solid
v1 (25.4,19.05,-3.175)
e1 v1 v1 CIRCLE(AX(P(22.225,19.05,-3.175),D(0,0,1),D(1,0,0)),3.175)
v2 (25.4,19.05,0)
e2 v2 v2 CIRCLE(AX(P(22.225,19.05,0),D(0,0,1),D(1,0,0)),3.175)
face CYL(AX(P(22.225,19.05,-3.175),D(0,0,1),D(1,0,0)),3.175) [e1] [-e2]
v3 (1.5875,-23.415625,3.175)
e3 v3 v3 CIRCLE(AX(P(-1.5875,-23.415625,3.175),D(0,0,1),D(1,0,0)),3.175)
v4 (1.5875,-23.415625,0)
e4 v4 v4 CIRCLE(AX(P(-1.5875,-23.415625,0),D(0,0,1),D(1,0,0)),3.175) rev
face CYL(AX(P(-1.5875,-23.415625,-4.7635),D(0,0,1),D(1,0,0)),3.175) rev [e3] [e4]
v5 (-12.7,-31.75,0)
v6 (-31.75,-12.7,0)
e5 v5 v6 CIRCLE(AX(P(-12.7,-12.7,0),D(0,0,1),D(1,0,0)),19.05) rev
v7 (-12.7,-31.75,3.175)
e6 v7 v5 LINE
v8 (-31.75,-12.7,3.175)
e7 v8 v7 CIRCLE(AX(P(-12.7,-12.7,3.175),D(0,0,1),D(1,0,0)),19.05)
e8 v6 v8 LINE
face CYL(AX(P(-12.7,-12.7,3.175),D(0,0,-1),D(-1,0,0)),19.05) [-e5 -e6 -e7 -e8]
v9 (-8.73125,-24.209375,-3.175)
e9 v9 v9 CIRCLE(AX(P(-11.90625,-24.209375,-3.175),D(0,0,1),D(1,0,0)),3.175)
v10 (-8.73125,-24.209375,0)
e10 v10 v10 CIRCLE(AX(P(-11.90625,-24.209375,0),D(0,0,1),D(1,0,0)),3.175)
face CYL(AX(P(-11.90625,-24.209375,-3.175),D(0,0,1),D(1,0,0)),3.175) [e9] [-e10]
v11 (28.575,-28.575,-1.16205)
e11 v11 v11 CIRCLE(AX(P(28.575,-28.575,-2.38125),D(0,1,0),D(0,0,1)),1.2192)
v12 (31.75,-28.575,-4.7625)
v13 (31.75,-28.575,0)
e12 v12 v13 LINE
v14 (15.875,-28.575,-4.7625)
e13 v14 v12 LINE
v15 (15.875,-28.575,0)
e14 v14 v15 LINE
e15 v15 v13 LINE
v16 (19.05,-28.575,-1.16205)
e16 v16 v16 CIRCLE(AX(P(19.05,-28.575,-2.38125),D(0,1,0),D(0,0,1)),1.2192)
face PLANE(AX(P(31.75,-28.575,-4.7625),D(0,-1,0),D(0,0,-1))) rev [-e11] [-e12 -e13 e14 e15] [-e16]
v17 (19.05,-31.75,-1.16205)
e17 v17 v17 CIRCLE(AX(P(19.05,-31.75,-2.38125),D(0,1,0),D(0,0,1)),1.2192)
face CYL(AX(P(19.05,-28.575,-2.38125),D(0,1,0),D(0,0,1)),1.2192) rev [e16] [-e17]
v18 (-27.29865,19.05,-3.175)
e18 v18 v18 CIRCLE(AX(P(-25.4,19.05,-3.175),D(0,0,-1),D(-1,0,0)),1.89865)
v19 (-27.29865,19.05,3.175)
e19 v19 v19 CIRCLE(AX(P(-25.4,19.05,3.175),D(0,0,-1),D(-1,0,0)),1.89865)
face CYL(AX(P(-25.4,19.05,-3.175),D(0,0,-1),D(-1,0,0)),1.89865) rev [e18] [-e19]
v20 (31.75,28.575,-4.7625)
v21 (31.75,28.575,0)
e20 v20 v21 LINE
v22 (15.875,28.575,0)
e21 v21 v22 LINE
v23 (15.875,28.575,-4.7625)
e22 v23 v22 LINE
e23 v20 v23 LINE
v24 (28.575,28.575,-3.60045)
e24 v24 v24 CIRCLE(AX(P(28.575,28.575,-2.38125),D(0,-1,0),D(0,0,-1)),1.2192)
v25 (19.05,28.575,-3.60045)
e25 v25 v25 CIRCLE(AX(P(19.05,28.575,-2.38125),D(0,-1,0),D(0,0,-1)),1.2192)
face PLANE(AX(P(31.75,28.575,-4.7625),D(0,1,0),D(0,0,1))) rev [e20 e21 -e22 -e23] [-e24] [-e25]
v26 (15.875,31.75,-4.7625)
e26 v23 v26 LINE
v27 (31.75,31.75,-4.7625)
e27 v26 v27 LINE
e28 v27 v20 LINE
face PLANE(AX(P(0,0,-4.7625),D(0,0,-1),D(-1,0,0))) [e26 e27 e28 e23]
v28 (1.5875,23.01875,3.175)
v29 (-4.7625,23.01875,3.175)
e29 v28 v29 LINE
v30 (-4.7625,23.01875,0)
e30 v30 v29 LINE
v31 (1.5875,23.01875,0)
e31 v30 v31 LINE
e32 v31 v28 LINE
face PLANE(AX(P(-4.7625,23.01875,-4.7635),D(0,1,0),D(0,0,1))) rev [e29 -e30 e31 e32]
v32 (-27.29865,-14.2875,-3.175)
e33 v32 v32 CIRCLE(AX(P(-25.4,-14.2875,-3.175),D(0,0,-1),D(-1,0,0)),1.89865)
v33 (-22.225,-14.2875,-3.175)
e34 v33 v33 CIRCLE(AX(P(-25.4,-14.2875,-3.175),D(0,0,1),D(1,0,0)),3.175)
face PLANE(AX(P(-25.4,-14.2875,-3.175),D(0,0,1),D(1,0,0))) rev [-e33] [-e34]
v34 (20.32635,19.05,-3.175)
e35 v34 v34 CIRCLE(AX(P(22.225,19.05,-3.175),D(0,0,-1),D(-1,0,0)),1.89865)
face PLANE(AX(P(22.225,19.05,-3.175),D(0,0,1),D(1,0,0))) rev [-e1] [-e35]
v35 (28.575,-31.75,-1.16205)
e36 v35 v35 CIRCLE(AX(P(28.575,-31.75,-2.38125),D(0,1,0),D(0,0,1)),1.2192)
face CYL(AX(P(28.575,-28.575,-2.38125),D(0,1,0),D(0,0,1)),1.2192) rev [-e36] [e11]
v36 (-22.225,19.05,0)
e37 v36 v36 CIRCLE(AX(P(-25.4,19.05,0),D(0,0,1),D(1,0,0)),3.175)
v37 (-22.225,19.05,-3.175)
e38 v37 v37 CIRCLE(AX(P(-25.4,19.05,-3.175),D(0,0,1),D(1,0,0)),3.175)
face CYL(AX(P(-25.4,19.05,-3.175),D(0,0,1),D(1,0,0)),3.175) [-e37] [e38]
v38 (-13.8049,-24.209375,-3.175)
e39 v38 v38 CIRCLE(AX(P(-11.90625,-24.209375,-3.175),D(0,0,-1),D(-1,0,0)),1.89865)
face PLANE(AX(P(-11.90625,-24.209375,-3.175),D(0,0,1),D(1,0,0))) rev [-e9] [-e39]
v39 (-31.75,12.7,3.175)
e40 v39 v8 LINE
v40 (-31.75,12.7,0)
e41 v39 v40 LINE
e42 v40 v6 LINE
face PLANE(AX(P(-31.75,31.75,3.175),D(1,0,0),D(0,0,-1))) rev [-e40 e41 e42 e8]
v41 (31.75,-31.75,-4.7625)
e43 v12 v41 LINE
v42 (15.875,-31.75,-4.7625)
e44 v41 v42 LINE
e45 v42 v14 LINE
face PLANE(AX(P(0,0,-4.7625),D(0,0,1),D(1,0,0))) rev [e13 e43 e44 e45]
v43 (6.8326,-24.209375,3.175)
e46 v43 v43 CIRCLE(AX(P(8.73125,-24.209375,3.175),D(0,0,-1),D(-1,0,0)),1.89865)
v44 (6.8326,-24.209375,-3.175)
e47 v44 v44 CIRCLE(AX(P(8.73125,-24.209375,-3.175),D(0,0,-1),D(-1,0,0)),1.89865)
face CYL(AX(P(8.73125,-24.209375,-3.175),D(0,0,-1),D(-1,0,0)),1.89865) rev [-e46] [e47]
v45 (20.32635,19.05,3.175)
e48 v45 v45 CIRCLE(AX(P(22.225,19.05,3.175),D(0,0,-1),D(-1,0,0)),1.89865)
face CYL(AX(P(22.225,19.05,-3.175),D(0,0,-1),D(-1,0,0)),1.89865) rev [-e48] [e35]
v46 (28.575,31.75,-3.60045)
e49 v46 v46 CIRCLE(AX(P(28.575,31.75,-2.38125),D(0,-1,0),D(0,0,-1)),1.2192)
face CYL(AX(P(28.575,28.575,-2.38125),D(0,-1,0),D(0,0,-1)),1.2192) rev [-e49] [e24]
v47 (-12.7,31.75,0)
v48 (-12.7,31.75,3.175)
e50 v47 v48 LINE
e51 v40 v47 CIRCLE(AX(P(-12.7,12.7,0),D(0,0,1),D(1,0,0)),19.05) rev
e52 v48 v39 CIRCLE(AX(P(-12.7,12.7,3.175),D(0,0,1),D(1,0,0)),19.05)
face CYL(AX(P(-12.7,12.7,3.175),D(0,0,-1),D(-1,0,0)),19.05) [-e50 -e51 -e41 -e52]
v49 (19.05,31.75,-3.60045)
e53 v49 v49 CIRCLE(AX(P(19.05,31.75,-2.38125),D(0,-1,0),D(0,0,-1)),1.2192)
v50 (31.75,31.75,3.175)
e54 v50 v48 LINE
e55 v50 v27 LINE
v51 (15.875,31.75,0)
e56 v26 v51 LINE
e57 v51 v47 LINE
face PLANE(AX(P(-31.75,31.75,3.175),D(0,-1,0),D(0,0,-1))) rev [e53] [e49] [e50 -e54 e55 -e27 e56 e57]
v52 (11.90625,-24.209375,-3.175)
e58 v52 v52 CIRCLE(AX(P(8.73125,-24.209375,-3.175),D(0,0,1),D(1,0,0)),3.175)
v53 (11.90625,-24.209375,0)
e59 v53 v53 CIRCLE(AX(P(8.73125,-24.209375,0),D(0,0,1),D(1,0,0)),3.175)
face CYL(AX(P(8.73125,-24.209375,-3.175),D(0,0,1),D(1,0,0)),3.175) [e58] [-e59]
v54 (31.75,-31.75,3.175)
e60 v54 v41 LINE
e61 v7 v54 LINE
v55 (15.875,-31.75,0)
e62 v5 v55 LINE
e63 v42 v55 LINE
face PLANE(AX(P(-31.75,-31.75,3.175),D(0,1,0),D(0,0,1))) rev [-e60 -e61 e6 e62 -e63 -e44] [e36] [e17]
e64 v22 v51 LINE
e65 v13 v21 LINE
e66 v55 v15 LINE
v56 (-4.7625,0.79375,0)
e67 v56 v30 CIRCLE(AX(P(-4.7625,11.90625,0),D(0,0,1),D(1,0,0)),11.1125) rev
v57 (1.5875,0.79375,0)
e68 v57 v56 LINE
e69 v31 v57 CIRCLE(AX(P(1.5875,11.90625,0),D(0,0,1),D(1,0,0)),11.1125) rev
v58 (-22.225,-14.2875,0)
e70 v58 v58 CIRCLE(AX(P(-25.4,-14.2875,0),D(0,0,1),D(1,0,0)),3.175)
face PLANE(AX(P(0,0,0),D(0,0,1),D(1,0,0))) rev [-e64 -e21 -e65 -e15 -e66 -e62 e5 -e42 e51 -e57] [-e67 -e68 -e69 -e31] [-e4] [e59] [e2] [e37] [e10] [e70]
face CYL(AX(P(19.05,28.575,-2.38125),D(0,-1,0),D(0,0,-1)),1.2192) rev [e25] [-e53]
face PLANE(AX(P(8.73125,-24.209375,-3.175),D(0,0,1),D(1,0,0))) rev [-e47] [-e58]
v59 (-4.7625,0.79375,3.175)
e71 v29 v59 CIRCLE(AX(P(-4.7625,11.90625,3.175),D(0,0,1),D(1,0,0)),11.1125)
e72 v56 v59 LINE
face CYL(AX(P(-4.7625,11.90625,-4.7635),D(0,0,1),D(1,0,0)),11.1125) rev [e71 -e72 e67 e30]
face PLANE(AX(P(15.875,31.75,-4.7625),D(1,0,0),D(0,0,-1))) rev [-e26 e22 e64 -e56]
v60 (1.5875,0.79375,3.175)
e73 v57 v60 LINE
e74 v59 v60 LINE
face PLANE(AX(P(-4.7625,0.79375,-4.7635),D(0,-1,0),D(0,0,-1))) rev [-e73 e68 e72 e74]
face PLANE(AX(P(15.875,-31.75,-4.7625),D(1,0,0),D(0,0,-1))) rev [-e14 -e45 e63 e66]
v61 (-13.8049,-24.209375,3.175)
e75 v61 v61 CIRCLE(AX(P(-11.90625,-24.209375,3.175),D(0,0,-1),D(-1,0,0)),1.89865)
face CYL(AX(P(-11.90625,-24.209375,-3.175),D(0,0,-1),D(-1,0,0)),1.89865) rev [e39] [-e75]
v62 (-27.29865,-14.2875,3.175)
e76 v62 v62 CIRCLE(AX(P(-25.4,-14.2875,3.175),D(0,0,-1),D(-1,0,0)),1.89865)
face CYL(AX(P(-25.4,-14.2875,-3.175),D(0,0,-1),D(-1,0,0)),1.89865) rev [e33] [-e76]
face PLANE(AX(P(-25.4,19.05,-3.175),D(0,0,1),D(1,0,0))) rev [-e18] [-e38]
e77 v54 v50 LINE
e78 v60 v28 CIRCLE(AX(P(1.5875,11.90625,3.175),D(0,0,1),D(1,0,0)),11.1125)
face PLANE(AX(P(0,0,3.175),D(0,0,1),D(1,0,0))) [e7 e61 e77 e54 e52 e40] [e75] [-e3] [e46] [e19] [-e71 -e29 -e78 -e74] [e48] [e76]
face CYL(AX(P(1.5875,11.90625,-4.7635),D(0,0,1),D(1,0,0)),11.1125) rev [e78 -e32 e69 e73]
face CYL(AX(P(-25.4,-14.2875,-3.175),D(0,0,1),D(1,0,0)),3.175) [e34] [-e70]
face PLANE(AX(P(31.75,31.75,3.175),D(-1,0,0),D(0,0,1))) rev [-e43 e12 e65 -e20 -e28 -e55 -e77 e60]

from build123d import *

# Parameters (mm, degrees)
SKETCH1_W                 = 63.5
SKETCH1_H                 = 63.5
BOSS_EXTRUDE1_DEPTH       = 3.175
BOSS_EXTRUDE2_DEPTH       = 4.7625
F_2_CLEARANCE_HOLE1_D     = 2.4384
F_2_CLEARANCE_HOLE1_DEPTH = 3.175
FILLET1_R                 = 19.05
SKETCH5_W                 = 15.875
SKETCH5_H                 = 3.175
BOSS_EXTRUDE3_DEPTH       = 4.7625
F_2_CLEARANCE_HOLE2_D     = 2.4384
F_2_CLEARANCE_HOLE2_DEPTH = 3.175
BOSS_EXTRUDE4_START       = -3.175
SKETCH8_R                 = 3.175
BOSS_EXTRUDE4_DEPTH       = 3.175
F_6_CLEARANCE_HOLE1_D     = 3.7973
CUT_EXTRUDE1_REACH        = 9.938
SKETCH11_R                = 3.175


with BuildPart() as part:
    # Sketch1 → Boss-Extrude1 (new body)
    with BuildSketch(Plane.XY):
        Rectangle(SKETCH1_W, SKETCH1_H)
    extrude(amount=BOSS_EXTRUDE1_DEPTH)

    # Sketch2 → Boss-Extrude2 (add)
    with BuildSketch(Plane(origin=(0, 0, 0), x_dir=(-1, 0, 0), z_dir=(0, 0, -1))):
        Polygon((-25.4, -31.75), (-15.875, -31.75), (-15.875, -28.575), (-25.4, -28.575), (-31.75, -28.575), (-31.75, -31.75), align=None)
    extrude(amount=BOSS_EXTRUDE2_DEPTH)

    # #2 Clearance Hole1
    with Locations(Plane(origin=(0, -28.575, 0), x_dir=(1, 0, 0), z_dir=(0, 1, 0))):
        with Locations((28.575, 2.38125), (19.05, 2.38125)):
            Hole(F_2_CLEARANCE_HOLE1_D / 2, depth=F_2_CLEARANCE_HOLE1_DEPTH)

    # Fillet1
    fillet1_edges = [part.edges().sort_by_distance(p)[0] for p in [
        (-31.75, -31.75, 1.5875),
        (-31.75, 31.75, 1.5875),
    ]]
    fillet(fillet1_edges, radius=FILLET1_R)

    # Sketch5 → Boss-Extrude3 (add)
    with BuildSketch(Plane(origin=(0, 0, 0), x_dir=(-1, 0, 0), z_dir=(0, 0, -1))):
        with Locations((-23.8125, 30.1625)):
            Rectangle(SKETCH5_W, SKETCH5_H)
    extrude(amount=BOSS_EXTRUDE3_DEPTH)

    # #2 Clearance Hole2
    with Locations(Plane(origin=(0, 28.575, 0), x_dir=(-1, 0, 0), z_dir=(0, -1, 0))):
        with Locations((-19.05, 2.38125), (-28.575, 2.38125)):
            Hole(F_2_CLEARANCE_HOLE2_D / 2, depth=F_2_CLEARANCE_HOLE2_DEPTH)

    # Sketch8 → Boss-Extrude4 (add)
    with BuildSketch(Plane.XY.offset(3.175).offset(BOSS_EXTRUDE4_START)):
        with Locations((-25.4, 19.05)):
            Circle(SKETCH8_R)
        with Locations((-25.4, -14.2875)):
            Circle(SKETCH8_R)
        with Locations((22.225, 19.05)):
            Circle(SKETCH8_R)
        with Locations((8.73125, -24.209375)):
            Circle(SKETCH8_R)
        with Locations((-11.90625, -24.209375)):
            Circle(SKETCH8_R)
    extrude(amount=-BOSS_EXTRUDE4_DEPTH)

    # #6 Clearance Hole1 (through all)
    with Locations(Plane(origin=(0, 0, -3.175), x_dir=(-1, 0, 0), z_dir=(0, 0, -1))):
        with Locations((-22.225, 19.05), (25.4, 19.05), (25.4, -14.2875), (11.90625, -24.209375), (-8.73125, -24.209375)):
            Hole(F_6_CLEARANCE_HOLE1_D / 2)

    # Sketch11 → Cut-Extrude1 (cut, up to next)
    with BuildSketch(Plane.XY.offset(3.175), mode=Mode.PRIVATE) as cut_extrude1_sk1:
        with Locations((-1.5875, -23.415625)):
            Circle(SKETCH11_R)
    cut_extrude1_tool1 = extrude(cut_extrude1_sk1.sketch, amount=-CUT_EXTRUDE1_REACH, mode=Mode.PRIVATE) & part.part
    add(cut_extrude1_tool1.solids().sort_by_distance((-1.5875, -23.415625, 3.175))[0], mode=Mode.SUBTRACT)
    # Sketch11 → Cut-Extrude1 (cut, up to next)
    with BuildSketch(Plane.XY.offset(3.175), mode=Mode.PRIVATE) as cut_extrude1_sk2:
        with BuildLine():
            Line((-4.7625, 23.01875), (1.5875, 23.01875))
            ThreePointArc((1.5875, 23.01875), (12.7, 11.90625), (1.5875, 0.79375))
            Line((1.5875, 0.79375), (-4.7625, 0.79375))
            ThreePointArc((-4.7625, 0.79375), (-15.875, 11.90625), (-4.7625, 23.01875))
        make_face()
    cut_extrude1_tool2 = extrude(cut_extrude1_sk2.sketch, amount=-CUT_EXTRUDE1_REACH, mode=Mode.PRIVATE) & part.part
    add(cut_extrude1_tool2.solids().sort_by_distance((-1.5875, 11.90625, 3.175))[0], mode=Mode.SUBTRACT)


solid = part.part
